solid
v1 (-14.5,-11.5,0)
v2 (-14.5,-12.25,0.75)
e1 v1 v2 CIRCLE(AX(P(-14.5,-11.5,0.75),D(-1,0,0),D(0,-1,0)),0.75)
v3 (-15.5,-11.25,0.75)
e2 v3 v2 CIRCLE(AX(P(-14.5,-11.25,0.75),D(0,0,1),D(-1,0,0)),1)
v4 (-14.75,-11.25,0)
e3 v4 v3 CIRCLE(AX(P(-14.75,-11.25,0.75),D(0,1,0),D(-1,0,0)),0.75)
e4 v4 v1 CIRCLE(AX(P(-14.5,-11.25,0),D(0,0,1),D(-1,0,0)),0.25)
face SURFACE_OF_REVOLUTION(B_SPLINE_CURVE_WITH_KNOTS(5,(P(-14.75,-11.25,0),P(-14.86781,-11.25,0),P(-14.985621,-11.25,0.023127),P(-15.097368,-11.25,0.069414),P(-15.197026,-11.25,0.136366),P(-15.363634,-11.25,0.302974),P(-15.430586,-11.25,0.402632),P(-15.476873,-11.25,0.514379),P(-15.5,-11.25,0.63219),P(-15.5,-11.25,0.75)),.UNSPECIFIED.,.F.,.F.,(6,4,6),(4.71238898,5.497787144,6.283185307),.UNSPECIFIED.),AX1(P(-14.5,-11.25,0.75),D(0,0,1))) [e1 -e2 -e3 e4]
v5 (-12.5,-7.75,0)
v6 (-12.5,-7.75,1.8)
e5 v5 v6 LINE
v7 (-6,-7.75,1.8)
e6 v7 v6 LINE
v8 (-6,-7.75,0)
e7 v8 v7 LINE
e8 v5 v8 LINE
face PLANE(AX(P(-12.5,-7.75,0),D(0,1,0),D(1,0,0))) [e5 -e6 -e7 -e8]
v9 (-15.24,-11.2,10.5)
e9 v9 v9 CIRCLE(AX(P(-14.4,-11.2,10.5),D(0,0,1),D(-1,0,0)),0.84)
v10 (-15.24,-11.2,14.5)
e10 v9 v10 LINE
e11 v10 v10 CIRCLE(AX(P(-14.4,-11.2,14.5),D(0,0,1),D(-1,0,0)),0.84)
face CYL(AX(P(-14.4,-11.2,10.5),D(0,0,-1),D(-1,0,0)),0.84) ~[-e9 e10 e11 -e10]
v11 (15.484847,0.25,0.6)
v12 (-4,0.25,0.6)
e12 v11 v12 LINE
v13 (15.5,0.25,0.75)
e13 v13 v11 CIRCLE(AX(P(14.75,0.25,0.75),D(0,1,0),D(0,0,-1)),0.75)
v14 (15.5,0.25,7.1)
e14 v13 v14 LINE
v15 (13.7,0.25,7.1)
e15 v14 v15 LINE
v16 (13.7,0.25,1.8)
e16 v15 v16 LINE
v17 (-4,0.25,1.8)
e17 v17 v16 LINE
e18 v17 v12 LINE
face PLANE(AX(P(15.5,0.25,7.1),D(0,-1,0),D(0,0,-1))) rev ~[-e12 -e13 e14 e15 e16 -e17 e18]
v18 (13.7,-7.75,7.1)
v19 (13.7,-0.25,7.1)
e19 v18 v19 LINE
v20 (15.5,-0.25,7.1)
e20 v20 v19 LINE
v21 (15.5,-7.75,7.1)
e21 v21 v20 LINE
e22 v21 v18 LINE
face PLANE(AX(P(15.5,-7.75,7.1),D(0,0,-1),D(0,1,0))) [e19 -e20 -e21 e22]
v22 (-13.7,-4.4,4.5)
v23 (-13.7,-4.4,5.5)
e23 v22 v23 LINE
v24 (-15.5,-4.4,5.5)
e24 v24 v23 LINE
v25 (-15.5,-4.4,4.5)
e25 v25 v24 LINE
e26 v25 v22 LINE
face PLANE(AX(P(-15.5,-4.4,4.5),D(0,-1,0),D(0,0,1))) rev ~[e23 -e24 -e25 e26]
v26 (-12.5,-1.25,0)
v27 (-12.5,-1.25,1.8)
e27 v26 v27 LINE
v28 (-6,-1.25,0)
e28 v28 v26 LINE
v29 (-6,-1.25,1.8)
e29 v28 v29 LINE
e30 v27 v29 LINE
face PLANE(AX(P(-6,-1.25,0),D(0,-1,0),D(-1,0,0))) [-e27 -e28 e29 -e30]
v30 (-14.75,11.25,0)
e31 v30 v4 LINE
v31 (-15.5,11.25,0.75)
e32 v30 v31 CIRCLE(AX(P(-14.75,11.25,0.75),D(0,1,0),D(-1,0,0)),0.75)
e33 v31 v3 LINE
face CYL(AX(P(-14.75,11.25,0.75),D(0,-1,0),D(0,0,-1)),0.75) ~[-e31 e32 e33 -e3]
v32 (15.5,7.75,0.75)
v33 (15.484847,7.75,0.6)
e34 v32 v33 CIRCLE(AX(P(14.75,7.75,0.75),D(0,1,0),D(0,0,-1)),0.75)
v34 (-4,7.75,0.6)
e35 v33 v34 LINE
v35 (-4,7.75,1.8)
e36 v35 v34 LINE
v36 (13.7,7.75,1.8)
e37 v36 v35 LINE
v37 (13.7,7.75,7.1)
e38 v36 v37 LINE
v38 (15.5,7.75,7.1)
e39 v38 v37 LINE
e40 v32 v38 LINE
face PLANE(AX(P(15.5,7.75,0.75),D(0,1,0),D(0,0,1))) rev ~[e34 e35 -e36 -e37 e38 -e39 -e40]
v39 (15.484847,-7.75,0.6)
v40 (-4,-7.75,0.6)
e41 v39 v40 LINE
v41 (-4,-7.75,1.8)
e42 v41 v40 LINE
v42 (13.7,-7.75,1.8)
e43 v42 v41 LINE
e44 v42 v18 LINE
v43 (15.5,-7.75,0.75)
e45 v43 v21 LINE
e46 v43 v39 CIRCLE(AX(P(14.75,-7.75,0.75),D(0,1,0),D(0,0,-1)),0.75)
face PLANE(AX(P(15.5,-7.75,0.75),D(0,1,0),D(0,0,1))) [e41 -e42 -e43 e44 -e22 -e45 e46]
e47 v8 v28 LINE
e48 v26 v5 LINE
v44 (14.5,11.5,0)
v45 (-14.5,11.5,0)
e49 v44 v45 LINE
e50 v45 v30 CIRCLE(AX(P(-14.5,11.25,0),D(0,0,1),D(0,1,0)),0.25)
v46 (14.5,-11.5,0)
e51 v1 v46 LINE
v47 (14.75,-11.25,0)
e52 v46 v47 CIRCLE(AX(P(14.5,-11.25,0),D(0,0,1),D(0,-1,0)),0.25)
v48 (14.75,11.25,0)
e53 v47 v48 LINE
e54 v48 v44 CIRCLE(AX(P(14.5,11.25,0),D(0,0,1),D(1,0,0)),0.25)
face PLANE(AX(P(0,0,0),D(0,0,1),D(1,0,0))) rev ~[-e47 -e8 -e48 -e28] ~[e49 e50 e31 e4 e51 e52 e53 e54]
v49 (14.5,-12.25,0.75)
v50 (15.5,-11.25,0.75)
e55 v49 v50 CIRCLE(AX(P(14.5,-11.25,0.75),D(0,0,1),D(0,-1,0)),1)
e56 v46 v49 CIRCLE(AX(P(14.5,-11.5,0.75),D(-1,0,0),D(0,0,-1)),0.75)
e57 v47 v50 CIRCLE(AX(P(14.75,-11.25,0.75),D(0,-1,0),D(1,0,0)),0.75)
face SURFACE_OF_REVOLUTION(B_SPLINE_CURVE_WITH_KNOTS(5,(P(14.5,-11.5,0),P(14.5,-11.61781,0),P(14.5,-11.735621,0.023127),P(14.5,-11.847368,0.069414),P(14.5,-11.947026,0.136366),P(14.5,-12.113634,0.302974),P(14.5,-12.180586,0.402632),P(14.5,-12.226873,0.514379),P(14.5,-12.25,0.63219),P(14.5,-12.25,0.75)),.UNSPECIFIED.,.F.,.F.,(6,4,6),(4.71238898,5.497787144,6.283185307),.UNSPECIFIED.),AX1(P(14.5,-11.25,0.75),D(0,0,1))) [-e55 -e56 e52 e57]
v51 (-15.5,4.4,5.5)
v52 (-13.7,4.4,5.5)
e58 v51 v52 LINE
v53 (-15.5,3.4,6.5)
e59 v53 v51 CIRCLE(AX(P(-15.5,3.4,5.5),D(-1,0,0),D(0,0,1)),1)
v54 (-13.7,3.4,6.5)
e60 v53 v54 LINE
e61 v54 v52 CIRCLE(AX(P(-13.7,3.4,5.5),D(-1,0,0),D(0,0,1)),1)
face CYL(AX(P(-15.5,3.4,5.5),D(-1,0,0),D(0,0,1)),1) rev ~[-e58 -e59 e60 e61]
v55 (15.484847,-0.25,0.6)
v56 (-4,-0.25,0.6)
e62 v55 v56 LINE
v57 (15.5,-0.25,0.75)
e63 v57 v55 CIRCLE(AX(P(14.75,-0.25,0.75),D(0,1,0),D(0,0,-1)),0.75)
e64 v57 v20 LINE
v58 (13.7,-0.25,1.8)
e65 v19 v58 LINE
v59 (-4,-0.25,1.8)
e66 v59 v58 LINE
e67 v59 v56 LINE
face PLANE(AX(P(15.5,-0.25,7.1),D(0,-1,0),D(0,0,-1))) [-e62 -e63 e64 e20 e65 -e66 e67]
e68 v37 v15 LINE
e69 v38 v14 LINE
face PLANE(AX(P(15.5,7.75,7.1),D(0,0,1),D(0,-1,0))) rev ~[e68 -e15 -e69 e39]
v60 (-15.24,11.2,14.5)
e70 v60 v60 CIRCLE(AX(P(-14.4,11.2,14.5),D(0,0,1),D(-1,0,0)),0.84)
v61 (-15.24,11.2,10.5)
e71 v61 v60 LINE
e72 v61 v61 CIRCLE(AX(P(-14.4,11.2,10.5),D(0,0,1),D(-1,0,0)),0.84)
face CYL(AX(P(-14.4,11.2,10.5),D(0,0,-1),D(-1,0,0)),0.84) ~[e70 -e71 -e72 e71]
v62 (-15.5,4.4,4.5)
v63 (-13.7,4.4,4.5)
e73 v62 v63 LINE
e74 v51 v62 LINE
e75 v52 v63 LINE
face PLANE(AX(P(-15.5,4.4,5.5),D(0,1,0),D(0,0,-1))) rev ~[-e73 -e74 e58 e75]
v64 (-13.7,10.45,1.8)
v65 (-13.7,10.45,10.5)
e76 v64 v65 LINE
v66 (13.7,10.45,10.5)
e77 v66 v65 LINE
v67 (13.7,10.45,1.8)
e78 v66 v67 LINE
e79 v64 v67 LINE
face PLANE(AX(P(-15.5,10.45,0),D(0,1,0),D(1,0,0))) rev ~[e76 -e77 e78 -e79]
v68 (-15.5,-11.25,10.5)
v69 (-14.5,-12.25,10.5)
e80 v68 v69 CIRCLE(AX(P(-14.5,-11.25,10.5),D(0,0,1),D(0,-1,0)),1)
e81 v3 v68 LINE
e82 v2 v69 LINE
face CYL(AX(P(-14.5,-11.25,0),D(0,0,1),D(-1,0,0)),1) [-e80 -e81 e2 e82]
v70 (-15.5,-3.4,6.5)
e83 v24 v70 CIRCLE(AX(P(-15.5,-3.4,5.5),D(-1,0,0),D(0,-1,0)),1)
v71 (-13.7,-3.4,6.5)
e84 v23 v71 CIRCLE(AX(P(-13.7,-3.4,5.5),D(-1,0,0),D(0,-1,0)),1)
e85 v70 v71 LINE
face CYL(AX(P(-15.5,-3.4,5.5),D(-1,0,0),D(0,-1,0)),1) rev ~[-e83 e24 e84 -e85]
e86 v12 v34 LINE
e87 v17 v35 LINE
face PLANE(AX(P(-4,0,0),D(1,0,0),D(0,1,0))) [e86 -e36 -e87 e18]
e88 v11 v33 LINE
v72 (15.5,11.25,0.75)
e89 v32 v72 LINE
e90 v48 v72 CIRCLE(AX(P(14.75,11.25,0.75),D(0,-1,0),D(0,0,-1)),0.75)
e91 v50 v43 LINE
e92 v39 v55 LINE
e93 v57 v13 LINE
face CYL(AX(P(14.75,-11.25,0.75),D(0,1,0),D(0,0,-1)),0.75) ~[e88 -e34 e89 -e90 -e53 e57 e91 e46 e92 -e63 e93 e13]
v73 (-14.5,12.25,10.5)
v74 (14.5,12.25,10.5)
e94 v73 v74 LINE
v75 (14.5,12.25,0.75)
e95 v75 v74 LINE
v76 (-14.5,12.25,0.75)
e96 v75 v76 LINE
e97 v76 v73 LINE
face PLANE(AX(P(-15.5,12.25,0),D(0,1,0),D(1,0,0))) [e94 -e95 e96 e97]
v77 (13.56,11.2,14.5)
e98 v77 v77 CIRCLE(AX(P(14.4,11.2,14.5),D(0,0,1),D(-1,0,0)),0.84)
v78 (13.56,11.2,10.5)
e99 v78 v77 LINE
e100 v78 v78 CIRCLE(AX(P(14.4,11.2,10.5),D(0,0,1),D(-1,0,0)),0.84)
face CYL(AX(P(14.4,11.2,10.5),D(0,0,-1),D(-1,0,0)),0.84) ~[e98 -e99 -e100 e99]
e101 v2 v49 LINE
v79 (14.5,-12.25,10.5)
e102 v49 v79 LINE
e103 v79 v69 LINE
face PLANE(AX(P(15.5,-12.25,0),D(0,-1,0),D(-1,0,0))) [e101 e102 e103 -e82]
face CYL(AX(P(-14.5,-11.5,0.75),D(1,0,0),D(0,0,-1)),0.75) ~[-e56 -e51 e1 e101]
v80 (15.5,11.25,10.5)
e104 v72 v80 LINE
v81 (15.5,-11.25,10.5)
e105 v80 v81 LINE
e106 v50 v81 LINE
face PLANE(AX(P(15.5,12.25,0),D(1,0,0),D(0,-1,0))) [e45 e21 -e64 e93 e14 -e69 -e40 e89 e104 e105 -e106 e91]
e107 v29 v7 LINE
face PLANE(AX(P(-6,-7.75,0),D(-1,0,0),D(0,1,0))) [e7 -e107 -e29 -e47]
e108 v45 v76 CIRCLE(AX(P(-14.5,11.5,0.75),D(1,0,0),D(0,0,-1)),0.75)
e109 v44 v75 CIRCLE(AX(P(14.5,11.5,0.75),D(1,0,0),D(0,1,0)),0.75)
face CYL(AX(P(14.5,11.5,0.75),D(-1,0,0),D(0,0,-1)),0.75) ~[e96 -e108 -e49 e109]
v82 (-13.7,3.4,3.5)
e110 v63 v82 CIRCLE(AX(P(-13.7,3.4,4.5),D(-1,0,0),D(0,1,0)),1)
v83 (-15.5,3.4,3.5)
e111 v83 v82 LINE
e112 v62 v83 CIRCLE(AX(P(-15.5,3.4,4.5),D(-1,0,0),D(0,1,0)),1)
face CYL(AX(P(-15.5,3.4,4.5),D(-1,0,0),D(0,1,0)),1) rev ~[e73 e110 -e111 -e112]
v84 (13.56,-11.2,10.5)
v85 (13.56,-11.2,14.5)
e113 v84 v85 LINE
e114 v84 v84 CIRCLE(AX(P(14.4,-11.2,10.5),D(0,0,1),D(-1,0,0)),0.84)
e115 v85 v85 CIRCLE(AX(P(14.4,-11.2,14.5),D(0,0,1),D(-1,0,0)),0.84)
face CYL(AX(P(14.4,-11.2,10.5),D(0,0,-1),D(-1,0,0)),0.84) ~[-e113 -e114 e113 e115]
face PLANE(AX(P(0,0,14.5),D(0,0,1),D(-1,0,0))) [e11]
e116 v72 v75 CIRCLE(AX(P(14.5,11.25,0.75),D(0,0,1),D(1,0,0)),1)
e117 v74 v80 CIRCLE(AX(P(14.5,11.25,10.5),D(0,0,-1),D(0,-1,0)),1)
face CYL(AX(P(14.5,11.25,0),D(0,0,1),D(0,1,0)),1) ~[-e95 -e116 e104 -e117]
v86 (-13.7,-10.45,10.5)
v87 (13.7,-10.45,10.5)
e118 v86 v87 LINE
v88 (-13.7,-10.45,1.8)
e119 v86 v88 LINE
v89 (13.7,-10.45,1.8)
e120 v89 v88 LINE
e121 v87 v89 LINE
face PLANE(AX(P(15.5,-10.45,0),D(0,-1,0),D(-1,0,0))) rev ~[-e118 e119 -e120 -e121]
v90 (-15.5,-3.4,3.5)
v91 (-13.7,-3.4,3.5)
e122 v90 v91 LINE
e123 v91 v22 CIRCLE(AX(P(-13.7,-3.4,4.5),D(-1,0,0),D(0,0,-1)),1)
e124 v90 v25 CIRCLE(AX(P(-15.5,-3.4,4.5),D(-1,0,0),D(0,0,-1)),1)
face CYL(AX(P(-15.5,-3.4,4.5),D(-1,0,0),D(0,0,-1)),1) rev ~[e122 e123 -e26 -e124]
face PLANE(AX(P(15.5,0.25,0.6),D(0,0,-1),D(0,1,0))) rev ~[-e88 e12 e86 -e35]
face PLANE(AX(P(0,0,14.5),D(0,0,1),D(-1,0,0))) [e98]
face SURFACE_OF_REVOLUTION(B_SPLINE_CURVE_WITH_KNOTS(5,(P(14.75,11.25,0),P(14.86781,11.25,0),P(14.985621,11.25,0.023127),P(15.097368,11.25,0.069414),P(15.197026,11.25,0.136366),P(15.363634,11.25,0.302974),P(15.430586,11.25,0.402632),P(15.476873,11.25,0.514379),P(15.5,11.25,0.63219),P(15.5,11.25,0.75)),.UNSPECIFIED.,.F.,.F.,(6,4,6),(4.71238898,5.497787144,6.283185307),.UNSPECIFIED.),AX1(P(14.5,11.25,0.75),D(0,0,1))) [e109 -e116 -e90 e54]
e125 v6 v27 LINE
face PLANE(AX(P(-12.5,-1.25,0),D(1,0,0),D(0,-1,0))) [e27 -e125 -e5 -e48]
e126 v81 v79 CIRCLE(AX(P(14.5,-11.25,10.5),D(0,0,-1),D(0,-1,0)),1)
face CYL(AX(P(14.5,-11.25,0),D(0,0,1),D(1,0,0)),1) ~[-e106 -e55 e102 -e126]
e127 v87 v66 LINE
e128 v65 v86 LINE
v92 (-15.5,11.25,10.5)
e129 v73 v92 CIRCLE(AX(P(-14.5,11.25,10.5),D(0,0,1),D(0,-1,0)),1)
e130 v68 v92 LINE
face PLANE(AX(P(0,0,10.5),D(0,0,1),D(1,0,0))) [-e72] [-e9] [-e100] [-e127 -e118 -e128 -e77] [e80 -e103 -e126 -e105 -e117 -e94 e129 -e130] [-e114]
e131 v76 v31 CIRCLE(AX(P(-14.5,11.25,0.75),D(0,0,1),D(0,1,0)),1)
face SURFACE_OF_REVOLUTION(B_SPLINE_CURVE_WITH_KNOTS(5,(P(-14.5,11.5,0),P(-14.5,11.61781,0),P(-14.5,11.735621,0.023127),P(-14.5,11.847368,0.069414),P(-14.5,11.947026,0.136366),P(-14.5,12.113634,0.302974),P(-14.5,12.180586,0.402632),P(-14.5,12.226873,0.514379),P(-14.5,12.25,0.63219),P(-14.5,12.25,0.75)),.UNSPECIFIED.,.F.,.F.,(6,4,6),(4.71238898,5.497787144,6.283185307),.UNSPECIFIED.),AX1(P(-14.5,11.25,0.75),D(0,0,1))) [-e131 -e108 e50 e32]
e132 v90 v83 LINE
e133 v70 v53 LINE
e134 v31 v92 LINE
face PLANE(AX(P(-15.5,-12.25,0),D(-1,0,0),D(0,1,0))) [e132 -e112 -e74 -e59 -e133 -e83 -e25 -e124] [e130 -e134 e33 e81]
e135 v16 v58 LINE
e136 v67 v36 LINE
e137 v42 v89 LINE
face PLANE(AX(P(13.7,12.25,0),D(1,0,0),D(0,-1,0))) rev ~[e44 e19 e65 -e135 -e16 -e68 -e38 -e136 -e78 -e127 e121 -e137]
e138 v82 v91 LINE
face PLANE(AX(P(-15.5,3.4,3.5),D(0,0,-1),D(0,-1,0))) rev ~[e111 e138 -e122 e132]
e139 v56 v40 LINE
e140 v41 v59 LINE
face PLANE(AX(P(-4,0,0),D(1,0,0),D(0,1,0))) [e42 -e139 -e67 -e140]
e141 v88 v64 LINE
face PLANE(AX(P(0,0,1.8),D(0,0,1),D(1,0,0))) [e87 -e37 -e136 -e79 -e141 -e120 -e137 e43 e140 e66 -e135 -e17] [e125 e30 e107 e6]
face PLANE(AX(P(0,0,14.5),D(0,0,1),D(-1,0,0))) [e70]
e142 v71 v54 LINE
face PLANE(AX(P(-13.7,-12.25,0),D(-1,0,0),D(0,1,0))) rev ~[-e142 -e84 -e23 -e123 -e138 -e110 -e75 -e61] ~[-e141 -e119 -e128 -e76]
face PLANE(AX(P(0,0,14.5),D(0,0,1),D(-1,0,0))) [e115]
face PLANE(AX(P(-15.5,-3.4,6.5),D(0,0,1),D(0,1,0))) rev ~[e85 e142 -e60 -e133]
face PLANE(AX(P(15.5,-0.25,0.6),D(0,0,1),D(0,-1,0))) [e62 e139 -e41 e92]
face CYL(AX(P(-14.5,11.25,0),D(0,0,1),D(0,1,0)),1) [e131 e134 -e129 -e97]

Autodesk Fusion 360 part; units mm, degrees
sketch "Sketch1" plane through (0, 0, 0) normal (0, 0, 1) x (1, 0, 0)
  line L0 (-15.5, 12.25) -> (15.5, 12.25)
  line L1 (15.5, 12.25) -> (15.5, -12.25)
  line L2 (15.5, -12.25) -> (-15.5, -12.25)
  line L3 (-15.5, -12.25) -> (-15.5, 12.25)
  line L4 (-15.5, 12.25) -> (15.5, -12.25) construction
  line L5 (15.5, 12.25) -> (-15.5, -12.25) construction
  dimension "d1" = 31
  dimension "d2" = 24.5
extrude "Extrude1" add sketch "Sketch1" along normal blind 10.5
shell "Shell1" thickness 1.8 removed faces 1 at (-5.1667, 4.0833, 10.5)
sketch "Sketch2" plane through (0, 0, 10.5) normal (0, 0, 1) x (-1, 0, 0)
  line L0 (13.7, 10.45) -> (13.7, -10.45)
  line L1 (13.7, -10.45) -> (-13.7, -10.45)
  line L2 (-13.7, -10.45) -> (-13.7, 10.45)
  line L3 (-13.7, 10.45) -> (13.7, 10.45)
  line L4 (15.5, 12.25) -> (-15.5, 12.25)
  line L5 (-15.5, 12.25) -> (-15.5, -12.25)
  line L6 (-15.5, -12.25) -> (15.5, -12.25)
  line L7 (15.5, -12.25) -> (15.5, 12.25)
  circle A0 centre (14.4, -11.2) radius 0.84
  line L8 (0, 0) -> (0, -2)
  line L9 (0, 0) -> (4, 0)
  circle A1 centre (-14.4, -11.2) radius 0.84
  circle A2 centre (-14.4, 11.2) radius 0.84
  circle A3 centre (14.4, 11.2) radius 0.84
  dimension "d6" = 1.68
  dimension "d7" = 11.2
  dimension "d8" = 14.4
extrude "Extrude2" add sketch "Sketch2" along normal blind 4 contours A0 | A1 | A2 | A3
fillet "Fillet1" radius 1 1 edges at (15.5, -12.25, 5.25)
fillet "Fillet1" radius 1 1 edges at (15.5, 12.25, 5.25)
fillet "Fillet1" radius 1 1 edges at (-15.5, 12.25, 5.25)
fillet "Fillet1" radius 1 1 edges at (-15.5, -12.25, 5.25)
sketch "Sketch3" plane through (-15.5, 0, 0) normal (-1, 0, 0) x (0, -1, 0)
  line L0 (11.25, 0) -> (11.25, 10.5)
  line L1 (11.25, 10.5) -> (-11.25, 10.5)
  line L2 (-11.25, 10.5) -> (-11.25, 0)
  line L3 (-11.25, 0) -> (11.25, 0)
  line L4 (0, 0) -> (0, 3.5)
  line L5 (0, 3.5) -> (0, 5)
  line L6 (-3.4, 3.5) -> (3.4, 3.5)
  line L7 (4.4, 4.5) -> (4.4, 5.5)
  line L8 (3.4, 6.5) -> (-3.4, 6.5)
  line L9 (-4.4, 5.5) -> (-4.4, 4.5)
  line L10 (-4.4, 3.5) -> (4.4, 6.5) construction
  line L11 (4.4, 3.5) -> (-4.4, 6.5) construction
  arc A0 (-3.4, 6.5) -> (-4.4, 5.5) centre (-3.4, 5.5) ccw
  arc A1 (-4.4, 4.5) -> (-3.4, 3.5) centre (-3.4, 4.5) ccw
  arc A2 (3.4, 3.5) -> (4.4, 4.5) centre (3.4, 4.5) ccw
  arc A3 (4.4, 5.5) -> (3.4, 6.5) centre (3.4, 5.5) ccw
  point P0 (0, 5)
  dimension "d19" = 3.5
  dimension "d20" = 1.5
  dimension "d21" = 3
  dimension "d22" = 8.8
  dimension "d23" = 1
extrude "Extrude3" cut sketch "Sketch3" against normal blind 6 contours L6 L7 L8 L9 A0 A1 A2 A3
fillet "Fillet2" radius 0.75 8 edges at (-15.2071, -11.9571, 0) (-15.5, 0, 0) (-15.2071, 11.9571, 0) (0, 12.25, 0) (15.2071, 11.9571, 0) (15.5, 0, 0) (15.2071, -11.9571, 0) (0, -12.25, 0)
sketch "Sketch4" plane through (0, 0, 0) normal (0, 0, -1) x (1, 0, 0)
  arc A0 (-14.5, 11.5) -> (-14.75, 11.25) centre (-14.5, 11.25) ccw
  line L0 (-14.75, 11.25) -> (-14.75, -11.25)
  arc A1 (-14.75, -11.25) -> (-14.5, -11.5) centre (-14.5, -11.25) ccw
  line L1 (-14.5, -11.5) -> (14.5, -11.5)
  arc A2 (14.5, -11.5) -> (14.75, -11.25) centre (14.5, -11.25) ccw
  line L2 (14.75, -11.25) -> (14.75, 11.25)
  arc A3 (14.75, 11.25) -> (14.5, 11.5) centre (14.5, 11.25) ccw
  line L3 (14.5, 11.5) -> (-14.5, 11.5)
  line L4 (-14.75, 0) -> (-12.7501, 0.0149)
  line L5 (7.2499, 0.0149) -> (7.2499, 8.7649)
  line L6 (7.2499, 8.7649) -> (-12.7501, 8.7649)
  line L7 (-12.7501, 8.7649) -> (-12.7501, 0.0149)
  line L8 (7.2499, 0.0149) -> (7.2499, -8.7351)
  line L9 (7.2499, -8.7351) -> (-12.7501, -8.7351)
  line L10 (-12.7501, -8.7351) -> (-12.7501, 0.0149)
  line L11 (-12.7501, -8.7351) -> (-11.7501, -8.7351)
  line L12 (-11.7501, -8.7351) -> (-11.7501, -7.7351)
  line L13 (-11.7501, -7.7351) -> (-5.2501, -7.7351)
  line L14 (-5.2501, -7.7351) -> (-5.2501, -1.2351)
  line L15 (-5.2501, -1.2351) -> (-11.7501, -1.2351)
  line L16 (-11.7501, -1.2351) -> (-11.7501, -7.7351)
  line L17 (7.2499, 8.7649) -> (6.2499, 8.7649)
  line L18 (-5.2501, -7.7351) -> (-2.2501, -7.7351)
  line L19 (-2.2501, -7.7351) -> (12.4499, -7.7351)
  line L20 (12.4499, -7.7351) -> (12.4499, -0.7351)
  dimension "d32" = 20
  dimension "d33" = 8.75
  dimension "d34" = 1
  dimension "d35" = 1
  dimension "d38" = 6.5
  dimension "d39" = 6.5
  dimension "d42" = 1
  dimension "d54" = 3
  dimension "d55" = 14.7
  dimension "d56" = 7
sketch "Sketch6" plane through (0, 0, 0) normal (0, 0, -1) x (1, 0, 0)
  arc A0 (-14.5, 11.5) -> (-14.75, 11.25) centre (-14.5, 11.25) ccw
  line L0 (-14.75, 11.25) -> (-14.75, -11.25)
  arc A1 (-14.75, -11.25) -> (-14.5, -11.5) centre (-14.5, -11.25) ccw
  line L1 (-14.5, -11.5) -> (14.5, -11.5)
  arc A2 (14.5, -11.5) -> (14.75, -11.25) centre (14.5, -11.25) ccw
  line L2 (14.75, -11.25) -> (14.75, 11.25)
  arc A3 (14.75, 11.25) -> (14.5, 11.5) centre (14.5, 11.25) ccw
  line L3 (14.5, 11.5) -> (-14.5, 11.5)
  line L4 (-15.5, 0) -> (-13.5, 0)
  line L5 (6.5, 0) -> (6.5, 8.75)
  line L6 (6.5, 8.75) -> (-13.5, 8.75)
  line L7 (-13.5, 8.75) -> (-13.5, 0)
  line L8 (-13.5, -8.75) -> (-13.5, 0)
  line L9 (6.5, -8.75) -> (-13.5, -8.75)
  line L10 (6.5, 0) -> (6.5, -8.75)
  line L11 (-13.5, 8.75) -> (-13.5, 7.75)
  line L12 (-13.5, 7.75) -> (-12.5, 7.75)
  line L13 (-12.5, 7.75) -> (-6, 7.75)
  line L14 (-6, 7.75) -> (-6, 1.25)
  line L15 (-6, 1.25) -> (-12.5, 1.25)
  line L16 (-12.5, 1.25) -> (-12.5, 7.75)
  point P0 (-13.7, 10.45)
  dimension "d57" = 2
  dimension "d58" = 10.45
  dimension "d61" = 20
  dimension "d62" = 8.75
  dimension "d63" = 1
  dimension "d64" = 1
  dimension "d65" = 6.5
  dimension "d66" = 6.5
extrude "Extrude5" cut sketch "Sketch6" against normal blind 9 contours L13 L14 L15 L16
sketch "Sketch7" plane through (15.5, 0, 0) normal (1, 0, 0) x (0, 1, 0)
  line L0 (-11.25, 0.75) -> (11.25, 0.75)
  line L1 (11.25, 0.75) -> (11.25, 10.5)
  line L2 (11.25, 10.5) -> (-11.25, 10.5)
  line L3 (-11.25, 10.5) -> (-11.25, 0.75)
  line L4 (0, 10.5) -> (0, 7.1)
  line L5 (-8.75, 7.1) -> (-8.75, 10.5)
  line L6 (-8.75, 7.1) -> (-7.75, 7.1)
  line L7 (-7.75, 7.1) -> (-0.25, 7.1)
  line L8 (-0.25, 7.1) -> (-0.25, 0.6)
  line L9 (-0.25, 0.6) -> (-7.75, 0.6)
  line L10 (-7.75, 0.6) -> (-7.75, 7.1)
  line L11 (0.25, 7.1) -> (0.25, 0.6)
  line L12 (0.25, 0.6) -> (7.75, 0.6)
  line L13 (7.75, 0.6) -> (7.75, 7.1)
  line L14 (7.75, 7.1) -> (0.25, 7.1)
  dimension "d69" = 3.4
  dimension "d70" = 8.75
  dimension "d73" = 1
  dimension "d74" = 7.5
  dimension "d75" = 6.5
extrude "Extrude6" cut sketch "Sketch7" against normal blind 19.5 contours L0 L7 L8 L10 | L0 L8 L9 L10 | L0 L11 L13 L14 | L0 L11 L12 L13
